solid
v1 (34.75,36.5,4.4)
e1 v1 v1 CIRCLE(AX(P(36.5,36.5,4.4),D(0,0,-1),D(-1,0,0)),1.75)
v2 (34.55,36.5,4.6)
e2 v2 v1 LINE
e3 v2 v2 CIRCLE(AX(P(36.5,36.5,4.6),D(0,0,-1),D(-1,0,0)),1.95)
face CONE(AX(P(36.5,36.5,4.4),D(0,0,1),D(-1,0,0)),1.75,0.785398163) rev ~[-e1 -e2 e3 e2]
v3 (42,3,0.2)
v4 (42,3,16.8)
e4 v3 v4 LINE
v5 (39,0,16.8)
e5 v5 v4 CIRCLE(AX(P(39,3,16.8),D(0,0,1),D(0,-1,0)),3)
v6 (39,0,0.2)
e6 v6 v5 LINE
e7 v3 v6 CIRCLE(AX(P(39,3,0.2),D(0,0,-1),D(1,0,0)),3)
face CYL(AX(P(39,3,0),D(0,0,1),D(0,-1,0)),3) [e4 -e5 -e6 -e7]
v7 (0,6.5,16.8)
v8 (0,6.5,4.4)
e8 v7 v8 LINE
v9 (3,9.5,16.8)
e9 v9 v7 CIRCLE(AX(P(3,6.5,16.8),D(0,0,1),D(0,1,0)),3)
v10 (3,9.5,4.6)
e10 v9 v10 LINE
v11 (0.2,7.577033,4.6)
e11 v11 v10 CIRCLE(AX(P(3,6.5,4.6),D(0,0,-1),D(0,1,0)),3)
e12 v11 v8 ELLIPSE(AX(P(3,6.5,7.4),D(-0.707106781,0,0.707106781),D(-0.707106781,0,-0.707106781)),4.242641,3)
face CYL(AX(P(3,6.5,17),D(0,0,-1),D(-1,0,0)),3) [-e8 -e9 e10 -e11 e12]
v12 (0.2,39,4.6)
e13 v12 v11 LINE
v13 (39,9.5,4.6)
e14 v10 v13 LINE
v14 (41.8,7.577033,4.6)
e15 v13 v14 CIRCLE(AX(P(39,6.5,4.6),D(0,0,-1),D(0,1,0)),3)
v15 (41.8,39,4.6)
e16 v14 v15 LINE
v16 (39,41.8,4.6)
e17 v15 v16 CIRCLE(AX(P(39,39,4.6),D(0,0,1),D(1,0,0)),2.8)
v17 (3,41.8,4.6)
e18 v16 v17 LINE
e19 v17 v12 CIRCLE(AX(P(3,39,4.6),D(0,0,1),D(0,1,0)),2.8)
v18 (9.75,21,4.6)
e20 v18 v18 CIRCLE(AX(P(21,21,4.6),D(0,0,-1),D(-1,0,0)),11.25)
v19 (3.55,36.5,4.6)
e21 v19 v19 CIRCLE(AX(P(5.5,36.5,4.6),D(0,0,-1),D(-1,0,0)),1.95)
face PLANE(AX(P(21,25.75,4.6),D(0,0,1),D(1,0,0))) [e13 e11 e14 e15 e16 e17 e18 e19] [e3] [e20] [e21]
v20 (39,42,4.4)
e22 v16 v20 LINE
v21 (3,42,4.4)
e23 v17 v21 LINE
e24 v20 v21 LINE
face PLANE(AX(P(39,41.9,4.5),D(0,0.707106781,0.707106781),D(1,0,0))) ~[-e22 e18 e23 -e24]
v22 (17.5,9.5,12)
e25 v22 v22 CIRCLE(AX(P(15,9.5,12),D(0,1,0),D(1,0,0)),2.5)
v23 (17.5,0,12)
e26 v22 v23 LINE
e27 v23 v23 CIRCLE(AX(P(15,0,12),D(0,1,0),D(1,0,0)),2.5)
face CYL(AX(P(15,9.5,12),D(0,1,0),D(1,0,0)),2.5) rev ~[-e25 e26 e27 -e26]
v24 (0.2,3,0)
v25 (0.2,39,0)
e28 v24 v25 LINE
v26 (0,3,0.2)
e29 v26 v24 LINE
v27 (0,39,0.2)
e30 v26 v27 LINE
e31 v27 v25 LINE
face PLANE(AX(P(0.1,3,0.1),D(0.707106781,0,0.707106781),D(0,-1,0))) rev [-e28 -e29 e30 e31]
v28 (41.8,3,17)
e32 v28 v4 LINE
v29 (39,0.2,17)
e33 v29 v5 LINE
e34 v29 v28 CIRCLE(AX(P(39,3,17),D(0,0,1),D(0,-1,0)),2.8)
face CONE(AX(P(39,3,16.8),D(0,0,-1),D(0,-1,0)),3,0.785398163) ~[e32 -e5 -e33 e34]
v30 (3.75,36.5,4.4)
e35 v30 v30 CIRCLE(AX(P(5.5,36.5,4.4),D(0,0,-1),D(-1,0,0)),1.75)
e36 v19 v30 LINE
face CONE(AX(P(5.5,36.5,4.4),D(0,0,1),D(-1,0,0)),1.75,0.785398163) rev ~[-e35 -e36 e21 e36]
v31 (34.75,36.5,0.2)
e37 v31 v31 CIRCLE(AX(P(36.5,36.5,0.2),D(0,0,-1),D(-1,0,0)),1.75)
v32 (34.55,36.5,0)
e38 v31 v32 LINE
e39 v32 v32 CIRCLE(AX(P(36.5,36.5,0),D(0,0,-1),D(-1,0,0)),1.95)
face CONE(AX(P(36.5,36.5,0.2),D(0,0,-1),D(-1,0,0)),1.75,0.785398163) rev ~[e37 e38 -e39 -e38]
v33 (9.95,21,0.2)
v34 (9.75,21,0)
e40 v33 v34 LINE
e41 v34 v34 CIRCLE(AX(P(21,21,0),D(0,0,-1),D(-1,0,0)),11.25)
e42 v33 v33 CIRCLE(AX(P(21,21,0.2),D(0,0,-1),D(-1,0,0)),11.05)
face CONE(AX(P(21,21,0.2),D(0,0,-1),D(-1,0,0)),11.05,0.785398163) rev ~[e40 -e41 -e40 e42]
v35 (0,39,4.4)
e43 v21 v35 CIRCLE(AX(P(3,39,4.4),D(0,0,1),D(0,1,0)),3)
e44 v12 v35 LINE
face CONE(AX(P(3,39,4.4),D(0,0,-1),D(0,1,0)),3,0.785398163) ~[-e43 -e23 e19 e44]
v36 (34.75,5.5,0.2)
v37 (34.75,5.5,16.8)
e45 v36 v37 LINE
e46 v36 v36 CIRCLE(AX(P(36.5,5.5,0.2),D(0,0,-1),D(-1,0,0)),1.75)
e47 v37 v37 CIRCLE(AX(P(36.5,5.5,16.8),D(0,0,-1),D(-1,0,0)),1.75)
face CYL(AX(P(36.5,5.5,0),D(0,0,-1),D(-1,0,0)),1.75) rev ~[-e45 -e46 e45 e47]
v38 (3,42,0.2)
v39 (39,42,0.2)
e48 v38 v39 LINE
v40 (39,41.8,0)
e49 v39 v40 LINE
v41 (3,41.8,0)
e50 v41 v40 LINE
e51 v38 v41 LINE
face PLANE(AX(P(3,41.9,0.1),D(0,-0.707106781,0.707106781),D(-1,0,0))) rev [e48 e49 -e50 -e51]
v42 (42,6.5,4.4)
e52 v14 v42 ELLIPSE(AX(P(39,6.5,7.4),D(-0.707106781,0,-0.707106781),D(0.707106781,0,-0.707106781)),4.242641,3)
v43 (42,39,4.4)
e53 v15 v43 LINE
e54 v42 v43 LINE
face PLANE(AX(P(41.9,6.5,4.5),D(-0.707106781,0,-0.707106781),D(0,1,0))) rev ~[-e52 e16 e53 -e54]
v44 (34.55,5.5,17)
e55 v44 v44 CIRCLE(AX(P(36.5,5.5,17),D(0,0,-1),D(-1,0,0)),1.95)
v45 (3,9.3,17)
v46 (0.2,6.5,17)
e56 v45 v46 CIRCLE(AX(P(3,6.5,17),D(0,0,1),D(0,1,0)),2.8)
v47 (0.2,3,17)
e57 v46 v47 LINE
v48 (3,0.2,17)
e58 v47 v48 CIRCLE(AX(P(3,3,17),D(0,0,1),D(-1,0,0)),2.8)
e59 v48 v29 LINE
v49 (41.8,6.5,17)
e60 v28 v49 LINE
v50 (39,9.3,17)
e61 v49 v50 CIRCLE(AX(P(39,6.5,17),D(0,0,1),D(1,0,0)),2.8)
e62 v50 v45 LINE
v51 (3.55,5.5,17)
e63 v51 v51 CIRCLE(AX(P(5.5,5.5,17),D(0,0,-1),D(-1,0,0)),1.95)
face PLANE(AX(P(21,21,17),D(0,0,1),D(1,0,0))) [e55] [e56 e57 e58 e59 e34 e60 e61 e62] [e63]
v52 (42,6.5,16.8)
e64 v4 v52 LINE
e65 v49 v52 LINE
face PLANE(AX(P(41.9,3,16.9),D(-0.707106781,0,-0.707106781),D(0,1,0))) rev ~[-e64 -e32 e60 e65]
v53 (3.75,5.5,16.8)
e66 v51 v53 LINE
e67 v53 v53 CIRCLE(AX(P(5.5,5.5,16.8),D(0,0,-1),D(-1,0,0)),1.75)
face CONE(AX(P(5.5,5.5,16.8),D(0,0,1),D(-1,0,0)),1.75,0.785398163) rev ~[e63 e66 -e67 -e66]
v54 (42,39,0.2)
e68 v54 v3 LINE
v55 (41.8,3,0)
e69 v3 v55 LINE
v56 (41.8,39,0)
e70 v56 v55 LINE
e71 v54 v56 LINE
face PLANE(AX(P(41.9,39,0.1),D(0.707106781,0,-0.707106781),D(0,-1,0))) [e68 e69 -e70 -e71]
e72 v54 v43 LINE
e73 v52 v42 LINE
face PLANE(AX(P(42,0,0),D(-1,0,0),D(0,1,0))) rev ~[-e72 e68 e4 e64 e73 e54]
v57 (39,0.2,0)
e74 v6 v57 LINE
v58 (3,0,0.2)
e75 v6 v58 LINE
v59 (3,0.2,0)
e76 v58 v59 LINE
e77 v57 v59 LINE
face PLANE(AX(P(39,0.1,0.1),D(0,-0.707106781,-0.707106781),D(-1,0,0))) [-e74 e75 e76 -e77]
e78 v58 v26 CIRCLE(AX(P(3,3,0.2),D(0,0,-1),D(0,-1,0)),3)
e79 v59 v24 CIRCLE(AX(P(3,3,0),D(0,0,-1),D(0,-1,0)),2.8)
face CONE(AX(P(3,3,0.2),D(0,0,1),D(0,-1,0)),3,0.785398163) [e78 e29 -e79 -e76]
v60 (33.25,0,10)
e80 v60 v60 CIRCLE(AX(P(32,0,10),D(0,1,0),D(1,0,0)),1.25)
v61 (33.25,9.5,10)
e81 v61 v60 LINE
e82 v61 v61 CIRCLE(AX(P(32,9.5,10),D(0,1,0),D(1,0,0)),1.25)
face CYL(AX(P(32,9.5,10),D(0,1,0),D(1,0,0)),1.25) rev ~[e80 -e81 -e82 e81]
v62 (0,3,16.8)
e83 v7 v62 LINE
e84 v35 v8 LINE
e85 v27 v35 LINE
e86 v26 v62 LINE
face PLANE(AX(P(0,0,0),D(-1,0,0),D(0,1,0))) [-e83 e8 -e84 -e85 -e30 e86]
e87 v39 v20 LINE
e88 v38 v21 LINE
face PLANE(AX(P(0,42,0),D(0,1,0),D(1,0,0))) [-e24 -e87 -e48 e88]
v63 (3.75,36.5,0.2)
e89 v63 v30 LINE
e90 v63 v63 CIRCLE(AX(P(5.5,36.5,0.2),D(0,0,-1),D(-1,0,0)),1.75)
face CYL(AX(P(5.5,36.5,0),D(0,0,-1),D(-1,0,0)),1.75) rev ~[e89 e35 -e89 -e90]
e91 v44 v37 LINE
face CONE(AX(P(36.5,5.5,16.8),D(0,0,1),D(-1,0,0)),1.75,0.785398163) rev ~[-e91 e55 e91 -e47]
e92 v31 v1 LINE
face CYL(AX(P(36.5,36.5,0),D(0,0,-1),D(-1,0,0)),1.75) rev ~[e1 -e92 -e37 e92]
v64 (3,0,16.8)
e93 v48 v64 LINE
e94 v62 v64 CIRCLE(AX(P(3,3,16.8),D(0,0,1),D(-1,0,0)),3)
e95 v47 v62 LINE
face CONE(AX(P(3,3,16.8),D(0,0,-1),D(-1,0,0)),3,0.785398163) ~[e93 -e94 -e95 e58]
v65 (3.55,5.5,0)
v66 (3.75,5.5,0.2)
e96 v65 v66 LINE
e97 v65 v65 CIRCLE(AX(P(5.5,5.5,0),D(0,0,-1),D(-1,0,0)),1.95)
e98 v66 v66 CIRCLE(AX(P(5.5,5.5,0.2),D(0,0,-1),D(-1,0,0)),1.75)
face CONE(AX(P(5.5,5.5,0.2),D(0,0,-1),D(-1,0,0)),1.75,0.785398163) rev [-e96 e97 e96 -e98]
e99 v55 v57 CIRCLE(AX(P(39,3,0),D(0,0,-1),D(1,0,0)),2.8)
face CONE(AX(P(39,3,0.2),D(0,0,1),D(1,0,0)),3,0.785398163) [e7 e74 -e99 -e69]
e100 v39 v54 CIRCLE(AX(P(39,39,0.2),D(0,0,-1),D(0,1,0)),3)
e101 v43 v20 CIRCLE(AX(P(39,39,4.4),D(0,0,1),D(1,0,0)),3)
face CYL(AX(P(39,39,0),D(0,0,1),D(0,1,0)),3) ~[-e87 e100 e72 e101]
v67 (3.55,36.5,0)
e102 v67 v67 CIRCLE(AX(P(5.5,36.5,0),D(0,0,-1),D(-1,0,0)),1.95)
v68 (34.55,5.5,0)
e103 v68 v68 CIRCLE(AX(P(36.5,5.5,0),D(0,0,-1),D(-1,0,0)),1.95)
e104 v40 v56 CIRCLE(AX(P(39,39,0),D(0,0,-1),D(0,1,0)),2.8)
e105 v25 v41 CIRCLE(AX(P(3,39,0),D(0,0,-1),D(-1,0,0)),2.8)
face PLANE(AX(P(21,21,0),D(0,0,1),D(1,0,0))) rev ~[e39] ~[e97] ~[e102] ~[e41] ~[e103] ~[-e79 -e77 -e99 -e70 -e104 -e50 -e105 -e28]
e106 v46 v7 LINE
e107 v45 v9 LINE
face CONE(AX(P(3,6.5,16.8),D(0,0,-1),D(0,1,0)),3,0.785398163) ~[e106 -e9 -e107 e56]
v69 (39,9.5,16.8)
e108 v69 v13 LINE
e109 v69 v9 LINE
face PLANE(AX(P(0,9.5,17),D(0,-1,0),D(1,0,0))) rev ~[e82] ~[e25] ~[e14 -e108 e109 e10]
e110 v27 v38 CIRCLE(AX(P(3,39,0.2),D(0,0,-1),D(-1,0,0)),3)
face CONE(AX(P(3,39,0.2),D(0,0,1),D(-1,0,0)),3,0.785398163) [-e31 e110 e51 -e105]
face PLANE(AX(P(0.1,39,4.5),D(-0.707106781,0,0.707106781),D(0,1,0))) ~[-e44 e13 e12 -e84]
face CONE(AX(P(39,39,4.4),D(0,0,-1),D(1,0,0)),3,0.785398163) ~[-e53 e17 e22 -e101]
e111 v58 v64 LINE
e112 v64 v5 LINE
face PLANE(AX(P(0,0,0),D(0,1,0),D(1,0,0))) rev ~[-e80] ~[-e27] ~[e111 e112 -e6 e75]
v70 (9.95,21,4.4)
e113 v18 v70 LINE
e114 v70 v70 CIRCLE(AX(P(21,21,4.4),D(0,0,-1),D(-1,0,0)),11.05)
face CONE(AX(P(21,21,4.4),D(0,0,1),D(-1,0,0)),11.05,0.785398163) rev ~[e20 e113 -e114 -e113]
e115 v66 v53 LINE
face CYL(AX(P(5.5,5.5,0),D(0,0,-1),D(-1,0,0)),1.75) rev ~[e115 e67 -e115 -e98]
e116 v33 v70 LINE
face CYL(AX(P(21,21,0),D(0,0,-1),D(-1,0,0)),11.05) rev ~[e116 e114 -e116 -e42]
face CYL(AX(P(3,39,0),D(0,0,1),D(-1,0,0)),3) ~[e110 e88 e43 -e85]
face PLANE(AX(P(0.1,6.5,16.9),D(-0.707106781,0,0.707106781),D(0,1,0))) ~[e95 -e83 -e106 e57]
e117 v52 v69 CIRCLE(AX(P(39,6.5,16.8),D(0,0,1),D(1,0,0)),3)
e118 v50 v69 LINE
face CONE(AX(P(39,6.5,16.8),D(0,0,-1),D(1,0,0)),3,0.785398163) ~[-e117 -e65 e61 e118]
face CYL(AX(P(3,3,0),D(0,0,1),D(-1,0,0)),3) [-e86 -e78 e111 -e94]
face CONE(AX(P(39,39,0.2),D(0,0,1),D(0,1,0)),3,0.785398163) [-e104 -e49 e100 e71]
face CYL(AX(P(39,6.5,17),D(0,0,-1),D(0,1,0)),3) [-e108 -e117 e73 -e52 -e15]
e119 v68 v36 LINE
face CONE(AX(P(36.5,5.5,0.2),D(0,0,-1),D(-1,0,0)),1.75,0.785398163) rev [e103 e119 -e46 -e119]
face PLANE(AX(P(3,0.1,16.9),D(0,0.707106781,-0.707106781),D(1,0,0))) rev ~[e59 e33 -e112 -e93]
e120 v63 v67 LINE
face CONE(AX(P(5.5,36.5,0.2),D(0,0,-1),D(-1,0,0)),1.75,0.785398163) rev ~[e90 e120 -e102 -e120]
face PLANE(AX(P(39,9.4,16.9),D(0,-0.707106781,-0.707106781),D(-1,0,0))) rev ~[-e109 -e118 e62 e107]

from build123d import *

# Parameters (mm, degrees)
SKETCH_1_W          = 42
SKETCH_1_H          = 42
EXTRUDE_1_DEPTH     = 17
SKETCH_2_W          = 42
SKETCH_2_H          = 32.5
CUT_EXTRUDE_1_DEPTH = 12.4
SKETCH_3_R          = 11.05
CUT_EXTRUDE_2_DEPTH = 12.4
SKETCH_4_R          = 2.5
CUT_EXTRUDE_3_DEPTH = 12.4
SKETCH_5_R          = 1.25
CUT_EXTRUDE_4_DEPTH = 12.4
FILLET_1_R          = 3
CHAMFER_1_SIZE      = 0.2
CHAMFER_2_SIZE      = 0.2
CHAMFER_3_SIZE      = 0.2
SKETCH_6_R          = 1.75
CUT_EXTRUDE_5_DEPTH = 26
CHAMFER_4_SIZE      = 0.2


with BuildPart() as part:
    # Эскиз1 → Бобышка-Вытянуть1 (new body)
    with BuildSketch(Plane.XY):
        with Locations((21, 21)):
            Rectangle(SKETCH_1_W, SKETCH_1_H)
    extrude(amount=EXTRUDE_1_DEPTH)

    # Эскиз2 → Вырез-Вытянуть1 (cut)
    with BuildSketch(Plane.XY.offset(17)):
        with Locations((21, 25.75)):
            Rectangle(SKETCH_2_W, SKETCH_2_H)
    extrude(amount=-CUT_EXTRUDE_1_DEPTH, mode=Mode.SUBTRACT)

    # Эскиз3 → Вырез-Вытянуть2 (cut)
    with BuildSketch(Plane(origin=(0, 0, 0), x_dir=(-1, 0, 0), z_dir=(0, 0, -1))):
        with Locations((-21, 21)):
            Circle(SKETCH_3_R)
    extrude(amount=-CUT_EXTRUDE_2_DEPTH, mode=Mode.SUBTRACT)

    # Эскиз4 → Вырез-Вытянуть3 (cut)
    with BuildSketch(Plane(origin=(0, 9.5, 0), x_dir=(1, 0, 0), z_dir=(0, 1, 0))):
        with Locations((15, -12)):
            Circle(SKETCH_4_R)
    extrude(amount=-CUT_EXTRUDE_3_DEPTH, mode=Mode.SUBTRACT)

    # Эскиз5 → Вырез-Вытянуть4 (cut)
    with BuildSketch(Plane(origin=(0, 9.5, 0), x_dir=(1, 0, 0), z_dir=(0, 1, 0))):
        with Locations((32, -10)):
            Circle(SKETCH_5_R)
    extrude(amount=-CUT_EXTRUDE_4_DEPTH, mode=Mode.SUBTRACT)

    # Скругление1
    fillet_1_edges = [part.edges().sort_by_distance(p)[0] for p in [
        (0, 42, 2.3),
        (42, 42, 2.3),
        (0, 9.5, 10.8),
        (42, 9.5, 10.8),
        (42, 0, 8.5),
        (0, 0, 8.5),
    ]]
    fillet(fillet_1_edges, radius=FILLET_1_R)

    # Фаска1
    chamfer_1_edges = [part.edges().sort_by_distance(p)[0] for p in [
        (32.05, 21, 0),
        (21, 42, 0),
        (0, 21, 0),
        (42, 21, 0),
        (21, 0, 0),
        (0.878679656, 0.878679656, 0),
        (41.121320344, 0.878679656, 0),
        (0.878679656, 41.121320344, 0),
        (41.121320344, 41.121320344, 0),
    ]]
    chamfer(chamfer_1_edges, length=CHAMFER_1_SIZE)

    # Фаска2
    chamfer_2_edges = [part.edges().sort_by_distance(p)[0] for p in [
        (42, 24.25, 4.6),
        (21, 42, 4.6),
        (42, 4.75, 17),
        (0, 24.25, 4.6),
        (0.878679656, 41.121320344, 4.6),
        (41.121320344, 41.121320344, 4.6),
        (0, 4.75, 17),
        (21, 0, 17),
        (21, 9.5, 17),
        (0.878679656, 8.621320344, 17),
        (0.878679656, 0.878679656, 17),
        (41.121320344, 8.621320344, 17),
        (41.121320344, 0.878679656, 17),
    ]]
    chamfer(chamfer_2_edges, length=CHAMFER_2_SIZE)

    # Фаска3
    chamfer_3_edges = [part.edges().sort_by_distance(p)[0] for p in [
        (32.05, 21, 4.6),
    ]]
    chamfer(chamfer_3_edges, length=CHAMFER_3_SIZE)

    # Эскиз6 → Вырез-Вытянуть5 (cut)
    with BuildSketch(Plane(origin=(0, 0, 0), x_dir=(-1, 0, 0), z_dir=(0, 0, -1))):
        with Locations((-5.5, 36.5)):
            Circle(SKETCH_6_R)
        with Locations((-36.5, 36.5)):
            Circle(SKETCH_6_R)
        with Locations((-5.5, 5.5)):
            Circle(SKETCH_6_R)
        with Locations((-36.5, 5.5)):
            Circle(SKETCH_6_R)
    extrude(amount=-CUT_EXTRUDE_5_DEPTH, mode=Mode.SUBTRACT)

    # Фаска4
    chamfer_4_edges = [part.edges().sort_by_distance(p)[0] for p in [
        (7.25, 36.5, 4.6),
        (7.25, 36.5, 0),
        (38.25, 36.5, 4.6),
        (38.25, 36.5, 0),
        (7.25, 5.5, 17),
        (7.25, 5.5, 0),
        (38.25, 5.5, 17),
        (38.25, 5.5, 0),
    ]]
    chamfer(chamfer_4_edges, length=CHAMFER_4_SIZE)


solid = part.part
